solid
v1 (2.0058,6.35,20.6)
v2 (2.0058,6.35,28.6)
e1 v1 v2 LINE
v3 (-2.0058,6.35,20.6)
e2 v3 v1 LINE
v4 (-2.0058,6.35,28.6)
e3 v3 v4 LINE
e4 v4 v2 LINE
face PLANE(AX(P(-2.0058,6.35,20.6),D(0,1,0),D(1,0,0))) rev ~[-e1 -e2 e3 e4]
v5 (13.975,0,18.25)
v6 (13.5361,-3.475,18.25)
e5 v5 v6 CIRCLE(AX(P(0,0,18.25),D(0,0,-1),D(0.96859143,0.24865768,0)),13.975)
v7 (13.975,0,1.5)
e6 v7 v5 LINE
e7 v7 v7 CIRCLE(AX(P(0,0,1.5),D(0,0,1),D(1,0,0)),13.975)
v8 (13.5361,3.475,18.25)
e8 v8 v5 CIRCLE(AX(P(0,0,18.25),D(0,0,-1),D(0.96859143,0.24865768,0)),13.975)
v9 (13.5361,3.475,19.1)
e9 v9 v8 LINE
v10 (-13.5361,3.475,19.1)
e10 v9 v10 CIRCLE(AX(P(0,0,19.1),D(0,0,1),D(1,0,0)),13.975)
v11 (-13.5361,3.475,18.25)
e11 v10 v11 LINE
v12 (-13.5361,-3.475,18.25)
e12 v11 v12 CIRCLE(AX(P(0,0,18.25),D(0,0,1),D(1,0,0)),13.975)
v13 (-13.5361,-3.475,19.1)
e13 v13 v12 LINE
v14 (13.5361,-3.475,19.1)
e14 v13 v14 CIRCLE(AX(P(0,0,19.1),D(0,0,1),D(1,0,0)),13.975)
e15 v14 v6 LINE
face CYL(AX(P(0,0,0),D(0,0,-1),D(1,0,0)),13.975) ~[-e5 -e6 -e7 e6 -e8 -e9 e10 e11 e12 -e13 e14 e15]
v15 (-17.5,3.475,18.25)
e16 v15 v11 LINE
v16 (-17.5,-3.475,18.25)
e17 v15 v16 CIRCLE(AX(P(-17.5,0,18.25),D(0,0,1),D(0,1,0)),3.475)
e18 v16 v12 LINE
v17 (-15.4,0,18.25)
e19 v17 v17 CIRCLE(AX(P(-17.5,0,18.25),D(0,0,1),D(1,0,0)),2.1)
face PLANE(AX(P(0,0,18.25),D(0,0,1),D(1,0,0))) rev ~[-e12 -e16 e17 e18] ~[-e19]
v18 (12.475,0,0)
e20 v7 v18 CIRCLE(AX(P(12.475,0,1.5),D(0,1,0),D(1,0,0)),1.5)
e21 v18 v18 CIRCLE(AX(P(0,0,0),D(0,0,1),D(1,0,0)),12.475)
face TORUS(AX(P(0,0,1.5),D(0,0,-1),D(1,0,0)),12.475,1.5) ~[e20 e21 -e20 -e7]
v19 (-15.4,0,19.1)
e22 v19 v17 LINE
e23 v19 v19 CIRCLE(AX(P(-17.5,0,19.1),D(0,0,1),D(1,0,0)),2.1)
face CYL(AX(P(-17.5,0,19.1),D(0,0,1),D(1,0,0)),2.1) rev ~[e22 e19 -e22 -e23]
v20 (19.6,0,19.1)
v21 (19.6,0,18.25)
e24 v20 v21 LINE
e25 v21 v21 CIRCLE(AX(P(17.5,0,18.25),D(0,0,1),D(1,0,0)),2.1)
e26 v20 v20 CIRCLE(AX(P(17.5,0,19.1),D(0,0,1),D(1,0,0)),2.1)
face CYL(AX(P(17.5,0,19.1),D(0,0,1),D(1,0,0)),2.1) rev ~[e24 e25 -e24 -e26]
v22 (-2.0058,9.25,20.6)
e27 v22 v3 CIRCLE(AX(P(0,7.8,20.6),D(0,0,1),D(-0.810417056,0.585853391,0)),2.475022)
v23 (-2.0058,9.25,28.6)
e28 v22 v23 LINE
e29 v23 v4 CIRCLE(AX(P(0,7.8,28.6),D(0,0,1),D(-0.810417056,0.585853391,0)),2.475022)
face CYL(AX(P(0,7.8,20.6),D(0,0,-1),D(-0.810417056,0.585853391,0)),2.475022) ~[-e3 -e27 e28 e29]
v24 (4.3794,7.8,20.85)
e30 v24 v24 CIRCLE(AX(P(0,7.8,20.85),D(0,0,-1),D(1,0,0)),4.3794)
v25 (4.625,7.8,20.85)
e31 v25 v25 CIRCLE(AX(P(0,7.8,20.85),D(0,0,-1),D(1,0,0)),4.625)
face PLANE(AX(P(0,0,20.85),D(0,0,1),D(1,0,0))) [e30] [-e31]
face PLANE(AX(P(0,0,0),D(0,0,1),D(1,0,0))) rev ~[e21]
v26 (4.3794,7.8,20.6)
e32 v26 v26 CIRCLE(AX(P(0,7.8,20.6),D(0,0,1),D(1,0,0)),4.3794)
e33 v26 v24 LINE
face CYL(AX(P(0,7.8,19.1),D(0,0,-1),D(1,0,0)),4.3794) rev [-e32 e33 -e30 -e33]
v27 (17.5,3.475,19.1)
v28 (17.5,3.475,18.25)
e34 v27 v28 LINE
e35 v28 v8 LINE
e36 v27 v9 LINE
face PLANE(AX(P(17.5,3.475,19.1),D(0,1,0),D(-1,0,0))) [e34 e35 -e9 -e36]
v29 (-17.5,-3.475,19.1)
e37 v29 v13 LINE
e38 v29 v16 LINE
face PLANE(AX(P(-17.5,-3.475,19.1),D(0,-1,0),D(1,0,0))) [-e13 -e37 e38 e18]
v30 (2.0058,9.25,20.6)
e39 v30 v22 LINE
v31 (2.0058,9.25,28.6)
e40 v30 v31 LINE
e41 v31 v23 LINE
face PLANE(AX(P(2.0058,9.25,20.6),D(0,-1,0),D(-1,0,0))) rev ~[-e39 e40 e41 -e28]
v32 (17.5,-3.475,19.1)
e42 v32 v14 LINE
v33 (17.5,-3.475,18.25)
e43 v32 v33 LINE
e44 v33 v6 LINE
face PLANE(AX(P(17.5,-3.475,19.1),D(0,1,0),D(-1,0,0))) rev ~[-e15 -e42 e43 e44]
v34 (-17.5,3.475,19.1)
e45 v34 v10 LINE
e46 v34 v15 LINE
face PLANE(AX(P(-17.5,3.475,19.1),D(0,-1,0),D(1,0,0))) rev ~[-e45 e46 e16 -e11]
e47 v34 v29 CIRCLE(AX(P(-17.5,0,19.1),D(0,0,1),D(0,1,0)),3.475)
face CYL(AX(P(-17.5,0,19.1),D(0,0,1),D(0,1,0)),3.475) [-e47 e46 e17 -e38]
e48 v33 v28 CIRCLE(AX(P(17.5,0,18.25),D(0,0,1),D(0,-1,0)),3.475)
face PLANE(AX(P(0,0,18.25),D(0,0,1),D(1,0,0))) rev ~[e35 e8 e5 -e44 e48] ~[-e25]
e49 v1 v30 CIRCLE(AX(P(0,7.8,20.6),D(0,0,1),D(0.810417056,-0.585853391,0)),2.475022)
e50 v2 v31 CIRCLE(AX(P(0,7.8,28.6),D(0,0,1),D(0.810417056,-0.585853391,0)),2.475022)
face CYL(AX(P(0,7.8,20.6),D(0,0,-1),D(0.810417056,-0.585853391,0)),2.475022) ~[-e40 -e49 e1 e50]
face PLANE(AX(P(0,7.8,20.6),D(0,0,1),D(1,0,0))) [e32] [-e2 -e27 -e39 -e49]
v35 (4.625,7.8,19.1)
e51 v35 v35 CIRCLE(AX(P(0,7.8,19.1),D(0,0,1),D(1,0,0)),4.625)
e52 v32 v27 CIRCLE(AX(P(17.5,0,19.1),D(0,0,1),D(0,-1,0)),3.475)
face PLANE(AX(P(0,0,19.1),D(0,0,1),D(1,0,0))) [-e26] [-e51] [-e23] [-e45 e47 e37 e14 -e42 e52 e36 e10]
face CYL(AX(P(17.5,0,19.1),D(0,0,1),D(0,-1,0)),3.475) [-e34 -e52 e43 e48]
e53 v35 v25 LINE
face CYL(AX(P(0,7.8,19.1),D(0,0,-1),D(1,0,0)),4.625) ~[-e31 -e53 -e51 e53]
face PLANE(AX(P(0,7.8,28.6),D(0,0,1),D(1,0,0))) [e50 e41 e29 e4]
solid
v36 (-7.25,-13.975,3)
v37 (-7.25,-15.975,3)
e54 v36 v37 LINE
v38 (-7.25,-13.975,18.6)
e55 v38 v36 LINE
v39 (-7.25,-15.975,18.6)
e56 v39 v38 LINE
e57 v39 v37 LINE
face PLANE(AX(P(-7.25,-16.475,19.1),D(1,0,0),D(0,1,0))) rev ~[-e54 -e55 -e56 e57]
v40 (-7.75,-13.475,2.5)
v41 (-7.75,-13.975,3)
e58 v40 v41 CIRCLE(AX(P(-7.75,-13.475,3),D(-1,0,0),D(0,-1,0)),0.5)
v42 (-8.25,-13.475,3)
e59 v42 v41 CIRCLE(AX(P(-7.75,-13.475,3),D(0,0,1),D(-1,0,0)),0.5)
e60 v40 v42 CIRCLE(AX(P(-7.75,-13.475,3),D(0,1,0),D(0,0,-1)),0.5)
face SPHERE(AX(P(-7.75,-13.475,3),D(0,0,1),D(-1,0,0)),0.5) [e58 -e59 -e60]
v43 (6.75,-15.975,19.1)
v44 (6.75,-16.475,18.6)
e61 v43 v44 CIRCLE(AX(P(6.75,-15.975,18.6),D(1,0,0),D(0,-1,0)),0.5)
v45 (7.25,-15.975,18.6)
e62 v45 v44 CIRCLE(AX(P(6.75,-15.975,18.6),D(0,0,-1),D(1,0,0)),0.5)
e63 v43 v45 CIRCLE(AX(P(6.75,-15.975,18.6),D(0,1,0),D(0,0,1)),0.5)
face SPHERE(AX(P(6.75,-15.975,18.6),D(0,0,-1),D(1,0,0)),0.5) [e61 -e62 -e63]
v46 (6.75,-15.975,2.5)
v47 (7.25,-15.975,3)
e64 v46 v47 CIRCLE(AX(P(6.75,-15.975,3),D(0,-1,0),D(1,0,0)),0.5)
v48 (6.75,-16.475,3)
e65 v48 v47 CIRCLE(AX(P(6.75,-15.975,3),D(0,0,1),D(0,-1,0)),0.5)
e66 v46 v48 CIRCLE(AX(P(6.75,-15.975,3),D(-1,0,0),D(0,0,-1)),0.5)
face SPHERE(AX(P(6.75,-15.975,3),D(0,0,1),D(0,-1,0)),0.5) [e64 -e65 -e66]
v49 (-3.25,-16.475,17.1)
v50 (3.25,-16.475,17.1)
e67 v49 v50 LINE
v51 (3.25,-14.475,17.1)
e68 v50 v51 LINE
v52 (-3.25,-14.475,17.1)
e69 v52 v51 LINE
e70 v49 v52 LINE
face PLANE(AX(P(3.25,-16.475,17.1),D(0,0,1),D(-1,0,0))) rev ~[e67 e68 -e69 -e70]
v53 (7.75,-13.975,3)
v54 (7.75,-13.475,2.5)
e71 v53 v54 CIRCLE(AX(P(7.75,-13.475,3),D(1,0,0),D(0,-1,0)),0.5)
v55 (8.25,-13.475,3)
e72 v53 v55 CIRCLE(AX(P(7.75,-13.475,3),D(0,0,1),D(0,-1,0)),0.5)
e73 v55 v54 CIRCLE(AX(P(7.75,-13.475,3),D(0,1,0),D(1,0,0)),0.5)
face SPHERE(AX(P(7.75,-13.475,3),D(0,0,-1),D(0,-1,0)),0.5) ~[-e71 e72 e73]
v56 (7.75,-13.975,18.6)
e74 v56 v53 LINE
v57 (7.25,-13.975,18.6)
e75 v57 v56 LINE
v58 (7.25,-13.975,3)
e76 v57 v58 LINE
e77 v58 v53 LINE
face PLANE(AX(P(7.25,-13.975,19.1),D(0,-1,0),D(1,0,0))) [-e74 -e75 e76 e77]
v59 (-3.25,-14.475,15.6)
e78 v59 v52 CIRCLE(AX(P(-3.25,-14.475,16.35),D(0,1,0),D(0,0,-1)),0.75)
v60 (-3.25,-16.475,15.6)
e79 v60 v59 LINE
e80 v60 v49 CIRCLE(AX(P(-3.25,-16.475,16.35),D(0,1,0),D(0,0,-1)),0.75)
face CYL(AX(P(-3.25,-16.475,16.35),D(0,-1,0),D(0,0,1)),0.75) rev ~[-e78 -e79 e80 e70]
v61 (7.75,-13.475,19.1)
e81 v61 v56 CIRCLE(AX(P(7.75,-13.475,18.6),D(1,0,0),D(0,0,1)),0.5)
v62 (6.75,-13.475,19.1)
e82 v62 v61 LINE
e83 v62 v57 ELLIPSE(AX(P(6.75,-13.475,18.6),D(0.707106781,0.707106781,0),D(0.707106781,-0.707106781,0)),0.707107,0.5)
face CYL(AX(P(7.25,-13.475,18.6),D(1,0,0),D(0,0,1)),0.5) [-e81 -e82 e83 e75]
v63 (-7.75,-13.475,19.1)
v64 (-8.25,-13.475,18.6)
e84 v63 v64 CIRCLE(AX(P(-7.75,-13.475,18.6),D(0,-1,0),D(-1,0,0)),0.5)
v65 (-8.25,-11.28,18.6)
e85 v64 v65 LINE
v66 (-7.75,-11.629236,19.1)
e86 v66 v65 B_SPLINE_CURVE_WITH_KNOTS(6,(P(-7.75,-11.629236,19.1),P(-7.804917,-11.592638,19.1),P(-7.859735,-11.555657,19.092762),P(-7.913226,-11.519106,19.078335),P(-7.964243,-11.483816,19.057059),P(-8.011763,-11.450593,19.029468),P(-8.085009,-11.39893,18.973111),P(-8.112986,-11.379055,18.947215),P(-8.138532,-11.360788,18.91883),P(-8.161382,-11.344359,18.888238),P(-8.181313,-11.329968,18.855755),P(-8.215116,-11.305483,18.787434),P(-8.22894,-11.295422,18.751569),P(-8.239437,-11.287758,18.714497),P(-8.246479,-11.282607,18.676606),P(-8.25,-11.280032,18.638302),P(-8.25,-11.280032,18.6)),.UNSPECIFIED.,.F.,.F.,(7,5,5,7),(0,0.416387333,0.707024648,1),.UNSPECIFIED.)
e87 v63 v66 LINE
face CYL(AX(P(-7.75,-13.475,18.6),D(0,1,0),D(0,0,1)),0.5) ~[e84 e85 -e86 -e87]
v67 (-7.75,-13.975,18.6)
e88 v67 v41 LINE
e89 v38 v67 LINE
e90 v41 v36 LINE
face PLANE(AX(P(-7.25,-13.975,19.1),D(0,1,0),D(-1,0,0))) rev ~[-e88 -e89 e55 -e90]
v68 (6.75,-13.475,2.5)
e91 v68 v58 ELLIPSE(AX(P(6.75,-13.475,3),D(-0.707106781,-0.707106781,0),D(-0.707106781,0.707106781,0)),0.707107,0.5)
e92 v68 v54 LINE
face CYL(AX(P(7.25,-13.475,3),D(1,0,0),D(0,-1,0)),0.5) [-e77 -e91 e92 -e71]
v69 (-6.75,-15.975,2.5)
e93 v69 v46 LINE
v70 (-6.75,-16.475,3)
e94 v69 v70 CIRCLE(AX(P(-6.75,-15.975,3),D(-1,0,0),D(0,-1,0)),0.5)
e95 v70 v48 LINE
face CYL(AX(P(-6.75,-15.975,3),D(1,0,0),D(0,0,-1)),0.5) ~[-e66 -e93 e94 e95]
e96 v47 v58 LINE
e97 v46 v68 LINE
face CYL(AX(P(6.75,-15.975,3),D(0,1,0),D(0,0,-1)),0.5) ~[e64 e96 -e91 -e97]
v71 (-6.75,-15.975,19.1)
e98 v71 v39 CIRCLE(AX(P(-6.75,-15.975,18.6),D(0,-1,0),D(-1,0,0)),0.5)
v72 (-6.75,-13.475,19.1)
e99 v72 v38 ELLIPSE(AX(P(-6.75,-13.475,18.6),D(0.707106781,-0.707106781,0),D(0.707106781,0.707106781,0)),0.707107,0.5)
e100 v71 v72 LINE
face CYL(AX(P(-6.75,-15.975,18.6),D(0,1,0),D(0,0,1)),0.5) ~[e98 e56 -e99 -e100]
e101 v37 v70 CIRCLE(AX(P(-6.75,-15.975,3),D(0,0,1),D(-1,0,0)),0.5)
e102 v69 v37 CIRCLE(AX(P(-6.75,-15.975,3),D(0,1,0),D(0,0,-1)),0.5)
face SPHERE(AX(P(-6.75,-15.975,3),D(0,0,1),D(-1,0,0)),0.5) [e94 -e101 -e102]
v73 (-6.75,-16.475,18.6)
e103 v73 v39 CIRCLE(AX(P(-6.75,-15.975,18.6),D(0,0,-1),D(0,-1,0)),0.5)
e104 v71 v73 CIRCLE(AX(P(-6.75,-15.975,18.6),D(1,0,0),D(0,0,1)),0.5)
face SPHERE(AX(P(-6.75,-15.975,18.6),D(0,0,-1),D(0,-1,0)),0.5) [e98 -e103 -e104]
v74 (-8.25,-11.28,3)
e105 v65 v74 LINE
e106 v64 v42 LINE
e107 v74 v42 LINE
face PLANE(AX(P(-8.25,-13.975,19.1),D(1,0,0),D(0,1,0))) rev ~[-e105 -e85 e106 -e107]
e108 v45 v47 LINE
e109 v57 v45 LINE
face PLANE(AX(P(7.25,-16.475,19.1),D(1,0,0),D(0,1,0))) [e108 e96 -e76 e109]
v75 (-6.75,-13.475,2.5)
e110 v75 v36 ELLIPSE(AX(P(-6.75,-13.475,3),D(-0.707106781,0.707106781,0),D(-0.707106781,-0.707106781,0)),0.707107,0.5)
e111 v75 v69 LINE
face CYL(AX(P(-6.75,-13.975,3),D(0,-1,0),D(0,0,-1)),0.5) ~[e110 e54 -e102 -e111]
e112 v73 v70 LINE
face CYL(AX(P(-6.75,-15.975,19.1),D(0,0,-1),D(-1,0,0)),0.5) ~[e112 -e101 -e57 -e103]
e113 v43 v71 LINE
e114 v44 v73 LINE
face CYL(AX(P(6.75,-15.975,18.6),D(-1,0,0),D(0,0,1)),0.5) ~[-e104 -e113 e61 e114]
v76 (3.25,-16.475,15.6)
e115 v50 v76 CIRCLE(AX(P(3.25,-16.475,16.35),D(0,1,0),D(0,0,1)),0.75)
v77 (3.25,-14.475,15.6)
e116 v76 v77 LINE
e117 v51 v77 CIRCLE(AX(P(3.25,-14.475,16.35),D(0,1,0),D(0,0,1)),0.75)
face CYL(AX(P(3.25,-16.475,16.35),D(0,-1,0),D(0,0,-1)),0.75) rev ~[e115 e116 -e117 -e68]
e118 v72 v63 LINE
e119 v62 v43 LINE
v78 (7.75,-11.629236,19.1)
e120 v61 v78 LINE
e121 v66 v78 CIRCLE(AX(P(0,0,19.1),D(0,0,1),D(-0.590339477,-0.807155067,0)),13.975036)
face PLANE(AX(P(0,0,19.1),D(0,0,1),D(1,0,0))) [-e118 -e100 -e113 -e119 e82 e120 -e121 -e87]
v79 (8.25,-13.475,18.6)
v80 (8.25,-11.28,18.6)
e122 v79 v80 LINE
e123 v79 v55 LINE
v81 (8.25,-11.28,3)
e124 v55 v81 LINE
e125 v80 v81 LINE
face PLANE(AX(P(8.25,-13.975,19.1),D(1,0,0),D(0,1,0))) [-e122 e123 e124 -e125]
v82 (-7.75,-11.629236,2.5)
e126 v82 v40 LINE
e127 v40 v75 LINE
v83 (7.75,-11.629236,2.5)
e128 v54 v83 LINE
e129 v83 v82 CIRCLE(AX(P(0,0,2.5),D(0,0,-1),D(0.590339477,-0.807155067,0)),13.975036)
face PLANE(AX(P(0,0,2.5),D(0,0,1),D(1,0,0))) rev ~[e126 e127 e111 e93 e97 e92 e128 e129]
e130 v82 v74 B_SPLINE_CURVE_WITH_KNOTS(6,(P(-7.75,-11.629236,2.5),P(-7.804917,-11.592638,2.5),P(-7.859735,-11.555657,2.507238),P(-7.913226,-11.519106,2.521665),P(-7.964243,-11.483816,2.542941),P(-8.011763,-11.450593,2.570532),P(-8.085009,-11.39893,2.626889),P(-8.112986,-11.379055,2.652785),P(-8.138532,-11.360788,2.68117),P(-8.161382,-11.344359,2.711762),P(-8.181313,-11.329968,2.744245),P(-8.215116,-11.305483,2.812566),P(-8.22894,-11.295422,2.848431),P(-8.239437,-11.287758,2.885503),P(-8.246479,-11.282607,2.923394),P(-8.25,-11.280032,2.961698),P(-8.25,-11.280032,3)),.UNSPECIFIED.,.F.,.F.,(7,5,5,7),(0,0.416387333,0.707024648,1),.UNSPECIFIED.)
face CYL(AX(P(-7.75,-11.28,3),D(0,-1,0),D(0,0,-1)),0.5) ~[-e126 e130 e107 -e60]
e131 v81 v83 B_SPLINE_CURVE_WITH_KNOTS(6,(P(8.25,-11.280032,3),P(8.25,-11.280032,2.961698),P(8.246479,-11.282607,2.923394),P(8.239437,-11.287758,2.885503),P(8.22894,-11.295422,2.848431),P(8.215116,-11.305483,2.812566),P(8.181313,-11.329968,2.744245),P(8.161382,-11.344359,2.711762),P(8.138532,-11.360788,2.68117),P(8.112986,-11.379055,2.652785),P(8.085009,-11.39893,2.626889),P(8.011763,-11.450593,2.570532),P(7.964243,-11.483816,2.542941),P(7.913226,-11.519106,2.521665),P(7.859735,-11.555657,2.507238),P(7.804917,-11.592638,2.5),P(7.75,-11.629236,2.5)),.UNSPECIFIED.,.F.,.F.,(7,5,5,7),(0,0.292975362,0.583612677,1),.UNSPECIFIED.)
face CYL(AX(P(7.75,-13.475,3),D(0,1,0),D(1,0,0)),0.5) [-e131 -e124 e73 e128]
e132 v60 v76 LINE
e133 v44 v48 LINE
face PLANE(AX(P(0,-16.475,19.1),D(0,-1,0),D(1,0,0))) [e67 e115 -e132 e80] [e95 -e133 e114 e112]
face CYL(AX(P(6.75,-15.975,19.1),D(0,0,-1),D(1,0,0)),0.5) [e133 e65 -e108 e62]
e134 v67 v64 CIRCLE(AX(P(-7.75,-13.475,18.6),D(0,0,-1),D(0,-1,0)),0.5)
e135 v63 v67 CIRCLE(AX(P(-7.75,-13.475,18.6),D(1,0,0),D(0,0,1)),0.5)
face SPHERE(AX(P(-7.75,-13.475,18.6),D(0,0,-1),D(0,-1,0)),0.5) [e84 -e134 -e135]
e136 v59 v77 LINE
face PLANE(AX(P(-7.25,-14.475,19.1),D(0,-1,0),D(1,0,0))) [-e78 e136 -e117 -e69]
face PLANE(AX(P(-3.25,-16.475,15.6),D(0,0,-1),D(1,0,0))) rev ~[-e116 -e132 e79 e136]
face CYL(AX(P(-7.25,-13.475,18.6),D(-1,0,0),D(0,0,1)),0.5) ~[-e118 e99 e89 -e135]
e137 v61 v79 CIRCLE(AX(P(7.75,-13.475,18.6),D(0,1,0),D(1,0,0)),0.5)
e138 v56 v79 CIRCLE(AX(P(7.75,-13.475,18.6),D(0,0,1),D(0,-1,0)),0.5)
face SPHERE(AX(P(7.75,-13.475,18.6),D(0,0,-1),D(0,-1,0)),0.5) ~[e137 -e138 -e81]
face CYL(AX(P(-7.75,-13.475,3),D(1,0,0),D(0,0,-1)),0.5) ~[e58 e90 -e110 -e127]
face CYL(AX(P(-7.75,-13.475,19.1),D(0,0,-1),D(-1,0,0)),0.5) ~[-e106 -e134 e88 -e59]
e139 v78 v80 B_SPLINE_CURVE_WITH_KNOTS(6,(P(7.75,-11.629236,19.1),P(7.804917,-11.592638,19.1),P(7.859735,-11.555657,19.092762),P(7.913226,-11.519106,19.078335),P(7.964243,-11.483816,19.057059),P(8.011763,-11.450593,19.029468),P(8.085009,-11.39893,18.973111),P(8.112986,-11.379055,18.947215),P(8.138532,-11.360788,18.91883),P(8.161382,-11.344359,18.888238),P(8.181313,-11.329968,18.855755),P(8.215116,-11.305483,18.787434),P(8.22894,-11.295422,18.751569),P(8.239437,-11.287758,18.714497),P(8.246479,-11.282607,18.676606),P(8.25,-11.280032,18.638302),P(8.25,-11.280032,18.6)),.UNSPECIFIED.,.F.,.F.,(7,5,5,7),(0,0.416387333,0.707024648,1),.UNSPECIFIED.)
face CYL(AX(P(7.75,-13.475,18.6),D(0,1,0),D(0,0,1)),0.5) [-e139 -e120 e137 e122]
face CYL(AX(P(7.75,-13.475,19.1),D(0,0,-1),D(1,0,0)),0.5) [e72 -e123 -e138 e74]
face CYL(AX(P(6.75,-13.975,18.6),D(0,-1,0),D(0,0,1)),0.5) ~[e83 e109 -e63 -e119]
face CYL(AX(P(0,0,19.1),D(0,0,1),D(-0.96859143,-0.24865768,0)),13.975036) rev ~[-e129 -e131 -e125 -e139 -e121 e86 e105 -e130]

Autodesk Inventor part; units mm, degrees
ref_plane "YZ Plane" through (0, 0, 0) normal (1, 0, 0) x (0, 1, 0)
ref_plane "XZ Plane" through (0, 0, 0) normal (0, 1, 0) x (-1, 0, 0)
ref_plane "XY Plane" through (0, 0, 0) normal (0, 0, 1) x (1, 0, 0)
sketch "Sketch1" plane through (0, 0, 0) normal (0, 0, 1) x (1, 0, 0)
  circle A0 centre (0, 0) radius 13.975
  dimension "d0" = 27.95
extrude "Extrusion1" add sketch "Sketch1" along normal blind 19.1
sketch "Sketch2" plane through (0, 0, 19.1) normal (0, 0, 1) x (1, 0, 0)
  circle A0 centre (0, 0) radius 13.975 projected
  line L0 (0, 13.975) -> (0, 3.175)
  circle A1 centre (0, 7.8) radius 4.625
  circle A2 centre (0, 7.8) radius 4.3794
  point P0 (-33.1765, 10.4926)
  dimension "d3" = 10.8
  dimension "d4" = 9.25
extrude "Extrusion2" add sketch "Sketch2" along normal blind 1.75 contours A1 L0 A2 | L0 A2 A1
sketch "Sketch3" plane through (0, 7.8, 19.1) normal (0, 0, 1) x (1, 0, 0)
  circle A0 centre (0, 0) radius 4.3794 projected
  point P0 (0, -7.8)
extrude "Extrusion3" add sketch "Sketch3" along normal blind 1.5
sketch "Sketch4" plane through (0, 0, 19.1) normal (0, 0, 1) x (1, 0, 0)
  circle A0 centre (0, 7.8) radius 4.3794 projected
  circle A1 centre (0, 0) radius 13.975 projected
  circle A2 centre (0, 7.8) radius 4.625 projected
  line L0 (0, 13.975) -> (0, -0.275)
  circle A3 centre (17.5, 0) radius 2.1
  arc A4 (17.5, -3.475) -> (17.5, 3.475) centre (17.5, 0) ccw
  line L1 (17.5, 3.475) -> (13.5361, 3.475)
  line L2 (17.5, -3.475) -> (13.5361, -3.475)
  circle A5 centre (0, 0) radius 13.975
  circle A6 centre (-17.5, 0) radius 2.1
  arc A7 (-17.5, 3.475) -> (-17.5, -3.475) centre (-17.5, 0) ccw
  line L3 (-17.5, 3.475) -> (-13.5361, 3.475)
  line L4 (-17.5, -3.475) -> (-13.5361, -3.475)
  dimension "d9" = 14.25
extrude "Extrusion4" add sketch "Sketch4" against normal blind 0.85 contours L1 A4 L2 A1 | A1 L4 A7 L3
sketch "Sketch5" plane through (0, 7.8, 20.6) normal (0, 0, 1) x (1, 0, 0)
  circle A0 centre (0, 0) radius 4.3794 projected
  line L0 (-2.0058, -1.45) -> (2.0058, -1.45)
  line L1 (2.0058, 1.45) -> (-2.0058, 1.45)
  arc A1 (-2.0058, 1.45) -> (-2.0058, -1.45) centre (0, 0) ccw
  arc A2 (2.0058, -1.45) -> (2.0058, 1.45) centre (0, 0) ccw
  point P0 (0, -7.8)
extrude "Extrusion5" add sketch "Sketch5" along normal blind 8 contours A1 L1 A2 L0
sketch "Sketch6" plane through (0, 0, 19.1) normal (0, 0, 1) x (1, 0, 0)
  circle A0 centre (17.5, 0) radius 2.1 projected
  circle A1 centre (-17.5, 0) radius 2.1 projected
  arc A2 (13.5361, 3.475) -> (-13.5361, 3.475) centre (0, 0) ccw projected
  line L0 (-13.5361, 3.475) -> (-17.5, 3.475) projected
  arc A3 (-17.5, 3.475) -> (-17.5, -3.475) centre (-17.5, 0) ccw projected
  line L1 (-17.5, -3.475) -> (-13.5361, -3.475) projected
  arc A4 (-13.5361, -3.475) -> (13.5361, -3.475) centre (0, 0) ccw projected
  line L2 (13.5361, -3.475) -> (17.5, -3.475) projected
  arc A5 (17.5, -3.475) -> (17.5, 3.475) centre (17.5, 0) ccw projected
  line L3 (17.5, 3.475) -> (13.5361, 3.475) projected
  circle A6 centre (0, 7.8) radius 4.625 projected
  line L4 (0, -13.975) -> (0, -16.475)
  line L5 (0, -16.475) -> (-7.25, -16.475)
  line L6 (-7.25, -16.475) -> (-7.25, -13.975)
  line L7 (0, -16.475) -> (7.25, -16.475)
  line L8 (7.25, -16.475) -> (7.25, -13.975)
  line L9 (7.25, -13.975) -> (8.25, -13.975)
  line L10 (8.25, -13.975) -> (8.25, -11.28)
  line L11 (-7.25, -13.975) -> (-8.25, -13.975)
  line L12 (-8.25, -13.975) -> (-8.25, -11.28)
  dimension "d20" = 2.5
  dimension "d21" = 7.25
  dimension "d22" = 7.25
  dimension "d23" = 1
  dimension "d24" = 1
extrude "Extrusion6" add sketch "Sketch6" against normal blind 16.6 separate body contours L10 L9 L8 L7 L4 A4 | A4 L4 L5 L6 L11 L12
fillet "Fillet1" radius 1.5 1 edges at (-13.975, 0, 0)
sketch "Sketch7" plane through (-7.25, -16.475, 19.1) normal (0, -1, 0) x (1, 0, 0)
  line L0 (0, 0) -> (14.5, 0) projected
  line L1 (7.25, 0) -> (7.25, -2)
  line L2 (7.25, -2) -> (4, -2)
  line L3 (3.25, -2.75) -> (3.25, -2.75)
  line L4 (4, -3.5) -> (10.5, -3.5)
  line L5 (11.25, -2.75) -> (11.25, -2.75)
  line L6 (10.5, -2) -> (7.25, -2)
  arc A0 (10.5, -3.5) -> (11.25, -2.75) centre (10.5, -2.75) ccw
  arc A1 (11.25, -2.75) -> (10.5, -2) centre (10.5, -2.75) ccw
  arc A2 (4, -2) -> (3.25, -2.75) centre (4, -2.75) ccw
  arc A3 (3.25, -2.75) -> (4, -3.5) centre (4, -2.75) ccw
  point P0 (7.25, -19.1)
  point P1 (3.25, -2)
  point P2 (3.25, -3.5)
  point P3 (11.25, -3.5)
  point P4 (11.25, -2)
  dimension "d28" = 2
  dimension "d29" = 4
  dimension "d30" = 1.5
  dimension "d31" = 8
  dimension "d32" = 0.75
extrude "Extrusion7" cut sketch "Sketch7" against normal blind 2 bodies 2
fillet "Fillet2" radius 0.5 4 edges at (8.25, -13.975, 10.8) (7.25, -16.475, 10.8) (-8.25, -13.975, 10.8) (-7.25, -16.475, 10.8)
fillet "Fillet3" radius 0.5 22 edges at (7.25, -14.975, 2.5) (0, -16.475, 2.5) (-7.1036, -16.3286, 2.5) (-7.25, -14.975, 2.5) (7.1036, -16.3286, 2.5) (8.25, -12.3775, 2.5) (7.5, -13.975, 2.5) (8.1036, -13.8286, 2.5) (-8.1036, -13.8286, 2.5) (-8.25, -12.3775, 2.5) (-7.5, -13.975, 2.5) (7.1036, -16.3286, 19.1) (0, -16.475, 19.1) (-7.1036, -16.3286, 19.1) (-7.25, -14.975, 19.1) (7.25, -14.975, 19.1) (7.5, -13.975, 19.1) (8.25, -12.3775, 19.1) (8.1036, -13.8286, 19.1) (-8.25, -12.3775, 19.1) (-7.5, -13.975, 19.1) (-8.1036, -13.8286, 19.1)
properties part number "Mini Stepper 5v"
